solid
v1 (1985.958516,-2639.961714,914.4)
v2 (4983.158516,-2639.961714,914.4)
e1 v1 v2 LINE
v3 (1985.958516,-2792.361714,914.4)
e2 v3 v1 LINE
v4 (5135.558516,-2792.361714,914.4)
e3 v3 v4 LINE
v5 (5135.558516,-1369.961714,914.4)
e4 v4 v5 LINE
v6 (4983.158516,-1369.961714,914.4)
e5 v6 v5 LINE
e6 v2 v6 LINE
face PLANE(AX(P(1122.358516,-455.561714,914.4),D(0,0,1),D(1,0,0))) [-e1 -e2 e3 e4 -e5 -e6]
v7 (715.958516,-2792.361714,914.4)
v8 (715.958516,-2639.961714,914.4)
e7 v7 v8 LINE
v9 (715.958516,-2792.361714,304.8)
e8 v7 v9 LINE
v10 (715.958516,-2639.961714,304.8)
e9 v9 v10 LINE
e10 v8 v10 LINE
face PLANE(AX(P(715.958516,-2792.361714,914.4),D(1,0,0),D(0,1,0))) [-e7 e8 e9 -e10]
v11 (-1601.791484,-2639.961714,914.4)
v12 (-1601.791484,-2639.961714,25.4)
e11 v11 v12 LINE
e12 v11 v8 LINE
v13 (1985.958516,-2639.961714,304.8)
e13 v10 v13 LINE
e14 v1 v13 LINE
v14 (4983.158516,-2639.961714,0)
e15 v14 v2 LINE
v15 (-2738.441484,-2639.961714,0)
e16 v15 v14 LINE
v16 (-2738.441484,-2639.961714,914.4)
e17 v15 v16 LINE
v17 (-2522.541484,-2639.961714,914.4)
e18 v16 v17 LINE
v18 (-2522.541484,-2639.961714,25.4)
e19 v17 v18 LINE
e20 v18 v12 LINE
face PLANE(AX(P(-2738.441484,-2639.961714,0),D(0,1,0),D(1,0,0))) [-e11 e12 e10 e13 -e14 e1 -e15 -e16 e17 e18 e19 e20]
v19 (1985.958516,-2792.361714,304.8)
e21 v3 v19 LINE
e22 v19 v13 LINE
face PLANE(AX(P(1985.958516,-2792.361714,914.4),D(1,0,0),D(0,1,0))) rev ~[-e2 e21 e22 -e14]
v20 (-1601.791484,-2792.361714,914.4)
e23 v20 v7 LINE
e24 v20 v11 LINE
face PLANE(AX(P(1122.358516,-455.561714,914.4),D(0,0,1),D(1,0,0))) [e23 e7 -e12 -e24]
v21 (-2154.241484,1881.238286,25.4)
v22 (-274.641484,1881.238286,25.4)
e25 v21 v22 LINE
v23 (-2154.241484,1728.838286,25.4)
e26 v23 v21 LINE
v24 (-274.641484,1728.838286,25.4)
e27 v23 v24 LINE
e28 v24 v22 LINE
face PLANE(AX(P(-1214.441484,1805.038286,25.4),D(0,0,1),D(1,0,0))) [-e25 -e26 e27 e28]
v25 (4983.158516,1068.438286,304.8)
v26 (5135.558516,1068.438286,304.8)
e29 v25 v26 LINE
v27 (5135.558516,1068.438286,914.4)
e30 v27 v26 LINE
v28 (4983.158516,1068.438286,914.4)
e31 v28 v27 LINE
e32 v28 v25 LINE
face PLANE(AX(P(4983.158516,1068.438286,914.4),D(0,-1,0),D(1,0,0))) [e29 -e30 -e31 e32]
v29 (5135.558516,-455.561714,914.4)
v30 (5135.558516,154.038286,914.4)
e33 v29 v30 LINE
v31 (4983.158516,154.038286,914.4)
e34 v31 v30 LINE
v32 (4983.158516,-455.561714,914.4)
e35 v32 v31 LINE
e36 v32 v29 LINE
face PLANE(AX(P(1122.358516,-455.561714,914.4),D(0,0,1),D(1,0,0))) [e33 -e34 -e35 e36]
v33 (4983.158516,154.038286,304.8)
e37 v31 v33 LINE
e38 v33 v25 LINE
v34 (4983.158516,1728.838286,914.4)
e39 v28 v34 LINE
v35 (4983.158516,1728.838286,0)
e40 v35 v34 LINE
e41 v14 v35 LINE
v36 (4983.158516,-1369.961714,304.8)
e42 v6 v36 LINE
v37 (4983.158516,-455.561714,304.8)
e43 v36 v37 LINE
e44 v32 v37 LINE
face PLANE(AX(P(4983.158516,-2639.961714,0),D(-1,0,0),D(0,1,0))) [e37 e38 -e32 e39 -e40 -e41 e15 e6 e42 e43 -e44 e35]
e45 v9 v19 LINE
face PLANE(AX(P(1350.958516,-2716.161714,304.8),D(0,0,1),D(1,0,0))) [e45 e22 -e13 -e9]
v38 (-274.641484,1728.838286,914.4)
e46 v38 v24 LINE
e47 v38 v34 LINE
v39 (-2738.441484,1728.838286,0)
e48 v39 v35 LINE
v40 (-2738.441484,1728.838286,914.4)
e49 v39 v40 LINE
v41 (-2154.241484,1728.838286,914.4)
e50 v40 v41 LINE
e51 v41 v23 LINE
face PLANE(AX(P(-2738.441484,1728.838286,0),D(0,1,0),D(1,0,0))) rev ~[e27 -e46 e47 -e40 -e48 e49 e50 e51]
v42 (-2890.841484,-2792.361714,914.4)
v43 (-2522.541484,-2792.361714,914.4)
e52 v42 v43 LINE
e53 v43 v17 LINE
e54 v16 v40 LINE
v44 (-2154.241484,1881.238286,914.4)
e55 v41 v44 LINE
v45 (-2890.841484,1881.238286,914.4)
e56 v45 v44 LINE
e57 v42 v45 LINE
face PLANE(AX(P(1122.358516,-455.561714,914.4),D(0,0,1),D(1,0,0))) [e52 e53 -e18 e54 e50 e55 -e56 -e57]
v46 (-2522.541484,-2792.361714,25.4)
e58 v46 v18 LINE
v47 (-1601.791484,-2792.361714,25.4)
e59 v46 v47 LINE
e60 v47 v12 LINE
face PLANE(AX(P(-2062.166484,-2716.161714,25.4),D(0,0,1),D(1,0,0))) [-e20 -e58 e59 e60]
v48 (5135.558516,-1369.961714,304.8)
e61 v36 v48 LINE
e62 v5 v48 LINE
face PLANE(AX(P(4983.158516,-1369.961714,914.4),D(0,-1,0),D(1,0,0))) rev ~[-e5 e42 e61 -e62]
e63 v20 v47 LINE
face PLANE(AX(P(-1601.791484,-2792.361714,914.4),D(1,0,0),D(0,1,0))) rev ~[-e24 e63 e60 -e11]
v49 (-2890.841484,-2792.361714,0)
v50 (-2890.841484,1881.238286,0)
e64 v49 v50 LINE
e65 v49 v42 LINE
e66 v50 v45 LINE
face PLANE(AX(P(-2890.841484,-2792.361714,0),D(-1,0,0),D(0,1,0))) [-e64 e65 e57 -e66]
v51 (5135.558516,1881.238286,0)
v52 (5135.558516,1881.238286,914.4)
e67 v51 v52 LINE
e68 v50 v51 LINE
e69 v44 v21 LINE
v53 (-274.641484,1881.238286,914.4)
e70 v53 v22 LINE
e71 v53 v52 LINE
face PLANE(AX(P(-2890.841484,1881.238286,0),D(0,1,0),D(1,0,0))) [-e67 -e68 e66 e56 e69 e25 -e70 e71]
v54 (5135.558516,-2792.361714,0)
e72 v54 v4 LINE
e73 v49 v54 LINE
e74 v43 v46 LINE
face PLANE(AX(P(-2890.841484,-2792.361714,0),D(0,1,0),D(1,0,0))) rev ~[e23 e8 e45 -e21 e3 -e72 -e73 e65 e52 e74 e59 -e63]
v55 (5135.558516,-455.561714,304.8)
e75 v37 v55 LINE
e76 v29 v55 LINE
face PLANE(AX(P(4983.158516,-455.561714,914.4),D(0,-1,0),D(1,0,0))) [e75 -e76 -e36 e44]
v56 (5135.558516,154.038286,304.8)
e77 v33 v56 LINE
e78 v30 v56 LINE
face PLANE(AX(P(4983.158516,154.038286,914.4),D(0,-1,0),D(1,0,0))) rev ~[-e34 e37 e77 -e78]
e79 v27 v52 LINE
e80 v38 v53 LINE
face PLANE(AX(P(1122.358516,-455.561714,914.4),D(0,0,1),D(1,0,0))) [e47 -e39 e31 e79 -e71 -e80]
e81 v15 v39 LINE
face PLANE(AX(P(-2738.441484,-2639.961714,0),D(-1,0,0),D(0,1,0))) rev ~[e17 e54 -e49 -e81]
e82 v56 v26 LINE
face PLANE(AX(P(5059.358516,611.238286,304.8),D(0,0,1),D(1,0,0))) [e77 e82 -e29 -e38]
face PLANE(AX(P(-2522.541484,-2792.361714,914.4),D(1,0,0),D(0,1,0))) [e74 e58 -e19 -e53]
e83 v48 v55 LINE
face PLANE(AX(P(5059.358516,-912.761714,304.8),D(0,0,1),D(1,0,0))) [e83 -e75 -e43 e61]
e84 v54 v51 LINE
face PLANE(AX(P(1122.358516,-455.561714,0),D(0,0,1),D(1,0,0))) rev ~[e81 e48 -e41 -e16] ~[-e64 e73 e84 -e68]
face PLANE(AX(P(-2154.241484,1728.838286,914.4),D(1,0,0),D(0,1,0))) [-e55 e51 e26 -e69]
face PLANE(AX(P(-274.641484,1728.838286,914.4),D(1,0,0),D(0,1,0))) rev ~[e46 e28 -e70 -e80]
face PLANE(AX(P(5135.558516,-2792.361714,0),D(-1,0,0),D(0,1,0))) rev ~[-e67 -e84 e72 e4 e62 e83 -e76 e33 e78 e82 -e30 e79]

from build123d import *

# Parameters (mm, degrees)
F0_W     = 8026.4
F0_H     = 4673.6
F0_W_2   = 7721.6
F0_H_2   = 4368.8
F1_DEPTH = 914.4
F2_W     = 920.75
F2_H     = 152.4
F2_W_2   = 1879.6
F3_DEPTH = 889
F4_W     = 1270
F4_H     = 152.4
F4_W_2   = 152.4
F4_H_2   = 914.4
F5_DEPTH = 609.6


with BuildPart() as f1:
    # F0 (on Top) → F1 (new body)
    with BuildSketch(Plane.XY):
        with Locations((1122.358516, -455.561714)):
            Rectangle(F0_W, F0_H)
        with Locations((1122.358516, -455.561714)):
            Rectangle(F0_W_2, F0_H_2, mode=Mode.SUBTRACT)
    extrude(amount=F1_DEPTH)

    # F2 (on face) → F3 (cut)
    with BuildSketch(Plane.XY.offset(914.4)):
        with Locations((-2062.166484, -2716.161714)):
            Rectangle(F2_W, F2_H)
        with Locations((-1214.441484, 1805.038286)):
            Rectangle(F2_W_2, F2_H)
    extrude(amount=-F3_DEPTH, mode=Mode.SUBTRACT)

    # F4 (on face) → F5 (cut)
    with BuildSketch(Plane.XY.offset(914.4)):
        with Locations((1350.958516, -2716.161714)):
            Rectangle(F4_W, F4_H)
        with Locations((5059.358516, -912.761714)):
            Rectangle(F4_W_2, F4_H_2)
        with Locations((5059.358516, 611.238286)):
            Rectangle(F4_W_2, F4_H_2)
    extrude(amount=-F5_DEPTH, mode=Mode.SUBTRACT)


solid = f1.part
